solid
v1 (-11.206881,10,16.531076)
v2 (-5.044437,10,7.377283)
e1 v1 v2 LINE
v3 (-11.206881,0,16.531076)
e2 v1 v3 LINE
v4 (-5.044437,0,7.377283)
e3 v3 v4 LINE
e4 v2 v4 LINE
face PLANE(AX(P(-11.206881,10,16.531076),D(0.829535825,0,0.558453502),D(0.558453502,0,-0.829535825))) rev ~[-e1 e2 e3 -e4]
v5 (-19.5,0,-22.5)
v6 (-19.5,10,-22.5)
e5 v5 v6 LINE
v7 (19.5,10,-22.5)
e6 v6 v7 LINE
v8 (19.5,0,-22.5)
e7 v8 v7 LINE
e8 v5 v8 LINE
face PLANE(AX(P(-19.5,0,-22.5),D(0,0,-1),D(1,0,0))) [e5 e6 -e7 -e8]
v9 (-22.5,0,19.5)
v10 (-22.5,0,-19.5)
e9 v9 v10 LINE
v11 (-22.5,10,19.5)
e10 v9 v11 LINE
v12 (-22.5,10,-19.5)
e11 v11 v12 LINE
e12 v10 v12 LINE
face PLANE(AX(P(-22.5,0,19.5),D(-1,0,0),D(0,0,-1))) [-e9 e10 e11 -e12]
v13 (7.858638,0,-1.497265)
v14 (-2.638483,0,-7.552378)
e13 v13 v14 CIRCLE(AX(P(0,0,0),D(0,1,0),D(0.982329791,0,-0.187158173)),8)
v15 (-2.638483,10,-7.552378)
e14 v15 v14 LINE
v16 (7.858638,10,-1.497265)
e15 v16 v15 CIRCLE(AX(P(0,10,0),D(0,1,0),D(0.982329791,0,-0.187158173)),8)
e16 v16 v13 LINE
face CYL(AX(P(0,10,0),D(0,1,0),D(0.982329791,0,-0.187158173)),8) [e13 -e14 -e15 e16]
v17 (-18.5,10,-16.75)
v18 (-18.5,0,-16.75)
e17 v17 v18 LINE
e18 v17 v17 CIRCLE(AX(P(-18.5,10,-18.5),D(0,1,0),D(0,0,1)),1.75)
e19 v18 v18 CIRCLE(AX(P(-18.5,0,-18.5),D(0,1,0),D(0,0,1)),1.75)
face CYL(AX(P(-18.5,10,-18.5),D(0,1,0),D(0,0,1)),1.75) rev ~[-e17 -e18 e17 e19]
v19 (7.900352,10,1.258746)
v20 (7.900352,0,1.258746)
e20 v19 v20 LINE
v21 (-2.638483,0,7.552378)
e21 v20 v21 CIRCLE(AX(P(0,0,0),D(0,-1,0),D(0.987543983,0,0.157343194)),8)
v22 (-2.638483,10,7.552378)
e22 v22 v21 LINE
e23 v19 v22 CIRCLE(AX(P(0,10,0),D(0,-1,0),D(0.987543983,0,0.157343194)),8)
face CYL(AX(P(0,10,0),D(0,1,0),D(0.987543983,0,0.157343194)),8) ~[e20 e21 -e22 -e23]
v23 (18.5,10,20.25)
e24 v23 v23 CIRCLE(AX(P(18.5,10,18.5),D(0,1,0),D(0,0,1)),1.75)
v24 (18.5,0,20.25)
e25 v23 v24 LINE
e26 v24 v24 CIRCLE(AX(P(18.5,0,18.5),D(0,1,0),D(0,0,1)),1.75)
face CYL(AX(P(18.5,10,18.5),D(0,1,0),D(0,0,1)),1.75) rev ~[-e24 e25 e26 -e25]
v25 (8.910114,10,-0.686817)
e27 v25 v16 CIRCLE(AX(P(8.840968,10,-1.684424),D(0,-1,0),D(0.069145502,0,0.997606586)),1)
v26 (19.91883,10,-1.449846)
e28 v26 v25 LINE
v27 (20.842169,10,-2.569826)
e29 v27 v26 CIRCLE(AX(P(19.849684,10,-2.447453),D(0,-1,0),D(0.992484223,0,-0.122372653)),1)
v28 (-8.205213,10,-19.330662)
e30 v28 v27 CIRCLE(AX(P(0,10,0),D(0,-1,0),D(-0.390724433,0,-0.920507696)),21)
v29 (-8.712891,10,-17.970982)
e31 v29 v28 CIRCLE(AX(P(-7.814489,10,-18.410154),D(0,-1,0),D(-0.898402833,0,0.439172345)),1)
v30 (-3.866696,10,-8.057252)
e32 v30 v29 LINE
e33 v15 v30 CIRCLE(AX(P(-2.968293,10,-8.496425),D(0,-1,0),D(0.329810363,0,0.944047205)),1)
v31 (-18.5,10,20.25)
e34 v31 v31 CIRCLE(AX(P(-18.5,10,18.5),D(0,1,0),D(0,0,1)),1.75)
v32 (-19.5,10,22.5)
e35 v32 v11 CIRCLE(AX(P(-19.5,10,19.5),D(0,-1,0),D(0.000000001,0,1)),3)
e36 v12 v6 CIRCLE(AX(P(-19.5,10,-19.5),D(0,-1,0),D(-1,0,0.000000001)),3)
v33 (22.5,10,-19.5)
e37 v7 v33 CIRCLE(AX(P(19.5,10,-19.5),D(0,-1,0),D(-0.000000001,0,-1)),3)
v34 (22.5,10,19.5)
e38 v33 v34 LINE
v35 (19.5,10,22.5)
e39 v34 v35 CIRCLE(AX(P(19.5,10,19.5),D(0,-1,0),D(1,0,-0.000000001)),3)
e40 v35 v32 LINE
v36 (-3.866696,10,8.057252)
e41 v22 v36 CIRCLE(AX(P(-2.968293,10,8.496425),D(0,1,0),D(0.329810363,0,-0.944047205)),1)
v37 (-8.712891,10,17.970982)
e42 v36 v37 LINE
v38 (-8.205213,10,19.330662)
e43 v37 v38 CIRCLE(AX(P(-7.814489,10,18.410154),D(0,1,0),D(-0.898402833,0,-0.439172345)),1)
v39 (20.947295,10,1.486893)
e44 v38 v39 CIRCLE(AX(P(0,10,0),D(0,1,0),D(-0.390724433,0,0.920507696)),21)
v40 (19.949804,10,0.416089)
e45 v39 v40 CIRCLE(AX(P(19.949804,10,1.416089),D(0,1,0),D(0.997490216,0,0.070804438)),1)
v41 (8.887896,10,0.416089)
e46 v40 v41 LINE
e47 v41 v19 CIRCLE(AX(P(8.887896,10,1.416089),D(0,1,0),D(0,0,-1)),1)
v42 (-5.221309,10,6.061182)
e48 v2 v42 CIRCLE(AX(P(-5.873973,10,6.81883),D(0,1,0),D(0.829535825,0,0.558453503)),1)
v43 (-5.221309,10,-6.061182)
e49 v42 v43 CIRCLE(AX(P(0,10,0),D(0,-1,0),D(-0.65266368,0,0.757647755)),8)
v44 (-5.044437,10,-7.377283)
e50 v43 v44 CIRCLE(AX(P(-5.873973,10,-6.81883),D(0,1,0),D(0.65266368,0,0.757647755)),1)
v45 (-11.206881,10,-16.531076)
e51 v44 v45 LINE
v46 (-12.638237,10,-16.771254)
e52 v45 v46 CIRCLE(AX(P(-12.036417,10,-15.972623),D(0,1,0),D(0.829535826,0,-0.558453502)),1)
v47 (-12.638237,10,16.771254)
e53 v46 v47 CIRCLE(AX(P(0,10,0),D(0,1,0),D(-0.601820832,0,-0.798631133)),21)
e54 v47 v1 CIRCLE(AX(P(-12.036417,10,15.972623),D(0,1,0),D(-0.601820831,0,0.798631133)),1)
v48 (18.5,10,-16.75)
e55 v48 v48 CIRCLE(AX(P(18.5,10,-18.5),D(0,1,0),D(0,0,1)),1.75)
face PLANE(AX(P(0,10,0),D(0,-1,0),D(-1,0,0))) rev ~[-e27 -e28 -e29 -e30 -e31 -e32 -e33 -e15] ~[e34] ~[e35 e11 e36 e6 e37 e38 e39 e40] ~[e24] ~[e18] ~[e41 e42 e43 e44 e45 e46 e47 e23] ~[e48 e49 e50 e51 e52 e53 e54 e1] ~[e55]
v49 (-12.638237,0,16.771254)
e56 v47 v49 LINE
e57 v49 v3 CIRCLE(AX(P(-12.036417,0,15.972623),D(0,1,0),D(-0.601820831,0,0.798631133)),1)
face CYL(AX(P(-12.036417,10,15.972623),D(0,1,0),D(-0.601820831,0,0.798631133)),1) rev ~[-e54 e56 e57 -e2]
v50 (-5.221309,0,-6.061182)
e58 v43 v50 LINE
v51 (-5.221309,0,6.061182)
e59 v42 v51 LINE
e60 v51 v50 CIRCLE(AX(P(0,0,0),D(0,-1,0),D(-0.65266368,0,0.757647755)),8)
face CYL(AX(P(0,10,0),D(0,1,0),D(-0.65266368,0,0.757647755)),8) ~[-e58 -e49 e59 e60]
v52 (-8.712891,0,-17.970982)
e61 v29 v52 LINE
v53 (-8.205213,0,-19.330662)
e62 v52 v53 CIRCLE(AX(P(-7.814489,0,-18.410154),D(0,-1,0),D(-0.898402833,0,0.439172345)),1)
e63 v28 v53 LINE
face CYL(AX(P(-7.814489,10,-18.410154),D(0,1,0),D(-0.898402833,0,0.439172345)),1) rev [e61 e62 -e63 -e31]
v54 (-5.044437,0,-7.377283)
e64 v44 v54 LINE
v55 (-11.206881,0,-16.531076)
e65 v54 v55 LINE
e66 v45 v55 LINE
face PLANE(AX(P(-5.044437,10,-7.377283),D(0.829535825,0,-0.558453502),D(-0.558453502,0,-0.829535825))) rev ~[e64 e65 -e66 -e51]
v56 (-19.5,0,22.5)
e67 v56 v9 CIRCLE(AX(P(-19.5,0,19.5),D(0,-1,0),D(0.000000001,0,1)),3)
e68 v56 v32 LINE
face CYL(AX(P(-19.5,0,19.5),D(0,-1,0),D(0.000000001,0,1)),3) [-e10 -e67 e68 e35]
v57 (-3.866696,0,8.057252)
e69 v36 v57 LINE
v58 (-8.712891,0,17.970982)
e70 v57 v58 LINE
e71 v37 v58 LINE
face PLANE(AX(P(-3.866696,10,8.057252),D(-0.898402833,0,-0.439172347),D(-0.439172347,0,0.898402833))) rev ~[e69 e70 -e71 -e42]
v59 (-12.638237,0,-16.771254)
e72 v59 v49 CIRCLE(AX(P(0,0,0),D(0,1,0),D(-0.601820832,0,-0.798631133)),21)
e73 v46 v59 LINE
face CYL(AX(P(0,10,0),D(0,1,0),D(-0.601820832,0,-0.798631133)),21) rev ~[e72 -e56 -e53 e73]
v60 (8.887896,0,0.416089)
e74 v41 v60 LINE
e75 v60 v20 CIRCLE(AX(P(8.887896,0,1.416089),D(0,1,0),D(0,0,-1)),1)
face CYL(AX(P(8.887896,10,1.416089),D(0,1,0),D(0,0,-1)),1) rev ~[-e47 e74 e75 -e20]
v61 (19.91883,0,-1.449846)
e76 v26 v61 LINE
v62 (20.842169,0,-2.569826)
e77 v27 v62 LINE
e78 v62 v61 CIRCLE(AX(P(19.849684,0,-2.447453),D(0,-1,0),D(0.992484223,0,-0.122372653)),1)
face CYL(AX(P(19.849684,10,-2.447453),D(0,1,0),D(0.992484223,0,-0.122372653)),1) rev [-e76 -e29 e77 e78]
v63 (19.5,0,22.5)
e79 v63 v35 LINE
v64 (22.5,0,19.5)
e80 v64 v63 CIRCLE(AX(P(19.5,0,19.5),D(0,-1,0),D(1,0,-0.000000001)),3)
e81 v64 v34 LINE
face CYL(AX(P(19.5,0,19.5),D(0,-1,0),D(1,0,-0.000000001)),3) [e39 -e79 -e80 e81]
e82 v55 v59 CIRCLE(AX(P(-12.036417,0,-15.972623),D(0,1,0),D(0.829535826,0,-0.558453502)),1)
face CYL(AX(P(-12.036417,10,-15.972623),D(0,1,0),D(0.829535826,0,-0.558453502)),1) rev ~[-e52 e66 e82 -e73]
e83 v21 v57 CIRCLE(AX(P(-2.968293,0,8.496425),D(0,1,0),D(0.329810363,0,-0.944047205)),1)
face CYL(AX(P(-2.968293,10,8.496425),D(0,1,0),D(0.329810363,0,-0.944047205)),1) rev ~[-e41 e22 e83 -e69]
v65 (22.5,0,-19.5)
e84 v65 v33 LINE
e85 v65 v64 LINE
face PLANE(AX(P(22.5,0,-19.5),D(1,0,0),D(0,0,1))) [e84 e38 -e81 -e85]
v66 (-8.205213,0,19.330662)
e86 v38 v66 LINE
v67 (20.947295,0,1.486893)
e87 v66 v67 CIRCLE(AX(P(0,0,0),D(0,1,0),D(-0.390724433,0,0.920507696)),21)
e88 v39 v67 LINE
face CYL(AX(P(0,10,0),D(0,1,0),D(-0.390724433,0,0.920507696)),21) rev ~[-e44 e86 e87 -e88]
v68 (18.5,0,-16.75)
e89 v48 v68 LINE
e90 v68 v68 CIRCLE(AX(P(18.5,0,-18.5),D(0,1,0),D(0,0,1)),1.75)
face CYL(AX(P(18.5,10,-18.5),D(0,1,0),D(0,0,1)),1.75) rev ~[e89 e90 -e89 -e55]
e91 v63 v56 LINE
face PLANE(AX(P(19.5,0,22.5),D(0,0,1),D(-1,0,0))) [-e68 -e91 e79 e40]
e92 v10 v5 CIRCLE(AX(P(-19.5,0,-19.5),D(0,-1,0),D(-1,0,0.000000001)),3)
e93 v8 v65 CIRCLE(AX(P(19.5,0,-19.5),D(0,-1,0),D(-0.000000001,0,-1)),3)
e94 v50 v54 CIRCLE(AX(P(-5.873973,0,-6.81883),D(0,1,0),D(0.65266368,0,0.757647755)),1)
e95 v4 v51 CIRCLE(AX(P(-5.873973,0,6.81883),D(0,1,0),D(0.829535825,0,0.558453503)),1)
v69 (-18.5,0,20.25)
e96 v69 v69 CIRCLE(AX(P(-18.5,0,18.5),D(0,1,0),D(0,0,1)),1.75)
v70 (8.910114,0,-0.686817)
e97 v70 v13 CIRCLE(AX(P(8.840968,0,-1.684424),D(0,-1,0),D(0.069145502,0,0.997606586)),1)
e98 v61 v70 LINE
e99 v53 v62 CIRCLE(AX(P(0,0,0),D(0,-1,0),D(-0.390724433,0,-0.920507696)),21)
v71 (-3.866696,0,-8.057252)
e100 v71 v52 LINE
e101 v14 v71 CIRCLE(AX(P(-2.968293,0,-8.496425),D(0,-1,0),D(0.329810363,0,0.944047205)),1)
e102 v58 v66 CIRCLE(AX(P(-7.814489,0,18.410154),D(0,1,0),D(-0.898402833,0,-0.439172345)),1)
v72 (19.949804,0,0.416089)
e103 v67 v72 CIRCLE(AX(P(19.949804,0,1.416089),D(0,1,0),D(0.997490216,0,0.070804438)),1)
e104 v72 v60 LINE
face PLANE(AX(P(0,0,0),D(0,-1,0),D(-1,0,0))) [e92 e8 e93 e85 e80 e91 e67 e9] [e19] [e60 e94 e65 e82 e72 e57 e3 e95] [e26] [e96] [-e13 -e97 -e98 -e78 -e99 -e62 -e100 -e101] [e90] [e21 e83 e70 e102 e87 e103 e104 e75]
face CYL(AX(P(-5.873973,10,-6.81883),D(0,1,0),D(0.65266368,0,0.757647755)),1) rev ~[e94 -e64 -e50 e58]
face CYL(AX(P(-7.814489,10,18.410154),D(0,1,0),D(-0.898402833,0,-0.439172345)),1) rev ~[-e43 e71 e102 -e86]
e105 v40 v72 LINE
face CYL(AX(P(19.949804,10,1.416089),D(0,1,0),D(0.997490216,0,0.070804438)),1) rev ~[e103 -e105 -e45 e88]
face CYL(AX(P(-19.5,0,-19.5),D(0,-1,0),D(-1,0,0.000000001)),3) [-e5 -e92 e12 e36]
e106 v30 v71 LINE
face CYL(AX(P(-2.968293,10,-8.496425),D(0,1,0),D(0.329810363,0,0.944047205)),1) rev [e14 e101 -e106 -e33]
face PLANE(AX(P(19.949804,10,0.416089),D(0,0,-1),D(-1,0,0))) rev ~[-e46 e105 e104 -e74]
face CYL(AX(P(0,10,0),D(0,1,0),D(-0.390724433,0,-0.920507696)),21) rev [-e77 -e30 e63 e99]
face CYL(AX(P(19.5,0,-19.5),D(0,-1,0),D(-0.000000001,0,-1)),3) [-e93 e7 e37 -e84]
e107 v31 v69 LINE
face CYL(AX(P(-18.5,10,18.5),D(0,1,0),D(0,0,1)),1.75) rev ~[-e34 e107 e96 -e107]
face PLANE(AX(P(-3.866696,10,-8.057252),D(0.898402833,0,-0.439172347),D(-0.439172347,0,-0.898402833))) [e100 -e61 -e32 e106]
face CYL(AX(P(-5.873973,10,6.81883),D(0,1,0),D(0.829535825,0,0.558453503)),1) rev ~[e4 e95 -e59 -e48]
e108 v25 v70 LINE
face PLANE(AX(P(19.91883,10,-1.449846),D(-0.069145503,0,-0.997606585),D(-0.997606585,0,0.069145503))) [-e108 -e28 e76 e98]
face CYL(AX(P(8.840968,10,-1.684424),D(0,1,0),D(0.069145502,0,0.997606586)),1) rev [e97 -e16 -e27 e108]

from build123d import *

# Parameters (mm, degrees)
DODANIE_WYCI_GNI_CIE1_DEPTH = 10
SZKIC2_R                    = 1.75
WYTNIJ_WYCI_GNI_CIE1_DEPTH  = 10


with BuildPart() as part:
    # Szkic1 → Dodanie-wyciągnięcie1 (new body)
    with BuildSketch(Plane(origin=(0, 0, 0), x_dir=(1, 0, 0), z_dir=(0, 1, 0))):
        with BuildLine():
            Line((19.5, -22.5), (-19.5, -22.5))
            ThreePointArc((-19.5, -22.5), (-21.621320344, -21.621320344), (-22.5, -19.5))
            Line((-22.5, -19.5), (-22.5, 19.5))
            ThreePointArc((-22.5, 19.5), (-21.621320344, 21.621320344), (-19.5, 22.5))
            Line((-19.5, 22.5), (19.5, 22.5))
            ThreePointArc((19.5, 22.5), (21.621320344, 21.621320344), (22.5, 19.5))
            Line((22.5, 19.5), (22.5, -19.5))
            ThreePointArc((22.5, -19.5), (21.621320344, -21.621320344), (19.5, -22.5))
        make_face()
    extrude(amount=DODANIE_WYCI_GNI_CIE1_DEPTH)

    # Szkic2 → Wytnij-wyciągnięcie1 (cut)
    with BuildSketch(Plane(origin=(0, 10, 0), x_dir=(1, 0, 0), z_dir=(0, 1, 0))):
        with Locations(Location((-18.5, 18.5, 0), (0, 0, 270))):
            Circle(SZKIC2_R)
        with Locations(Location((18.5, 18.5, 0), (0, 0, 270))):
            Circle(SZKIC2_R)
        with Locations(Location((18.5, -18.5, 0), (0, 0, 270))):
            Circle(SZKIC2_R)
        with Locations(Location((-18.5, -18.5, 0), (0, 0, 270))):
            Circle(SZKIC2_R)
        with BuildLine():
            Line((19.949804326, -0.416088747), (8.887895851, -0.416088747))
            ThreePointArc((8.887895851, -0.416088747), (8.238797705, -0.655384076), (7.900351868, -1.258745553))
            ThreePointArc((7.900351868, -1.258745553), (4.101739563, -6.868459256), (-2.638482905, -7.552377636))
            ThreePointArc((-2.638482905, -7.552377636), (-3.348489276, -7.571518902), (-3.866696101, -8.057252494))
            Line((-3.866696101, -8.057252494), (-8.71289149, -17.970981564))
            ThreePointArc((-8.71289149, -17.970981564), (-8.751315605, -18.759947091), (-8.20521309, -19.330661607))
            ThreePointArc((-8.20521309, -19.330661607), (10.963128103, -17.911164736), (20.947294543, -1.486893185))
            ThreePointArc((20.947294543, -1.486893185), (20.681516168, -0.734474647), (19.949804326, -0.416088747))
        make_face()
        with BuildLine():
            Line((19.918829975, 1.449846448), (8.910113622, 0.686816973))
            ThreePointArc((8.910113622, 0.686816973), (8.230490402, 0.892390127), (7.858638328, 1.497265385))
            ThreePointArc((7.858638328, 1.497265385), (3.997324324, 6.929747344), (-2.638482905, 7.552377636))
            ThreePointArc((-2.638482905, 7.552377636), (-3.348489276, 7.571518902), (-3.866696101, 8.057252494))
            Line((-3.866696101, 8.057252494), (-8.71289149, 17.970981564))
            ThreePointArc((-8.71289149, 17.970981564), (-8.751315605, 18.759947091), (-8.20521309, 19.330661607))
            ThreePointArc((-8.20521309, 19.330661607), (10.495454585, 18.189157019), (20.842168696, 2.569825685))
            ThreePointArc((20.842168696, 2.569825685), (20.621275551, 1.81133417), (19.918829975, 1.449846448))
        make_face()
        with BuildLine():
            Line((-11.206880821, -16.531076152), (-5.044437294, -7.377283299))
            ThreePointArc((-5.044437294, -7.377283299), (-4.882883076, -6.685636228), (-5.221309439, -6.061182041))
            ThreePointArc((-5.221309439, -6.061182041), (-8, 0), (-5.221309439, 6.061182041))
            ThreePointArc((-5.221309439, 6.061182041), (-4.882883076, 6.685636228), (-5.044437294, 7.377283299))
            Line((-5.044437294, 7.377283299), (-11.206880821, 16.531076152))
            ThreePointArc((-11.206880821, 16.531076152), (-11.870932952, 16.958835176), (-12.638237478, 16.771253783))
            ThreePointArc((-12.638237478, 16.771253783), (-21, 0), (-12.638237478, -16.771253783))
            ThreePointArc((-12.638237478, -16.771253783), (-11.870932952, -16.958835176), (-11.206880821, -16.531076152))
        make_face()
    extrude(amount=-WYTNIJ_WYCI_GNI_CIE1_DEPTH, mode=Mode.SUBTRACT)


solid = part.part
